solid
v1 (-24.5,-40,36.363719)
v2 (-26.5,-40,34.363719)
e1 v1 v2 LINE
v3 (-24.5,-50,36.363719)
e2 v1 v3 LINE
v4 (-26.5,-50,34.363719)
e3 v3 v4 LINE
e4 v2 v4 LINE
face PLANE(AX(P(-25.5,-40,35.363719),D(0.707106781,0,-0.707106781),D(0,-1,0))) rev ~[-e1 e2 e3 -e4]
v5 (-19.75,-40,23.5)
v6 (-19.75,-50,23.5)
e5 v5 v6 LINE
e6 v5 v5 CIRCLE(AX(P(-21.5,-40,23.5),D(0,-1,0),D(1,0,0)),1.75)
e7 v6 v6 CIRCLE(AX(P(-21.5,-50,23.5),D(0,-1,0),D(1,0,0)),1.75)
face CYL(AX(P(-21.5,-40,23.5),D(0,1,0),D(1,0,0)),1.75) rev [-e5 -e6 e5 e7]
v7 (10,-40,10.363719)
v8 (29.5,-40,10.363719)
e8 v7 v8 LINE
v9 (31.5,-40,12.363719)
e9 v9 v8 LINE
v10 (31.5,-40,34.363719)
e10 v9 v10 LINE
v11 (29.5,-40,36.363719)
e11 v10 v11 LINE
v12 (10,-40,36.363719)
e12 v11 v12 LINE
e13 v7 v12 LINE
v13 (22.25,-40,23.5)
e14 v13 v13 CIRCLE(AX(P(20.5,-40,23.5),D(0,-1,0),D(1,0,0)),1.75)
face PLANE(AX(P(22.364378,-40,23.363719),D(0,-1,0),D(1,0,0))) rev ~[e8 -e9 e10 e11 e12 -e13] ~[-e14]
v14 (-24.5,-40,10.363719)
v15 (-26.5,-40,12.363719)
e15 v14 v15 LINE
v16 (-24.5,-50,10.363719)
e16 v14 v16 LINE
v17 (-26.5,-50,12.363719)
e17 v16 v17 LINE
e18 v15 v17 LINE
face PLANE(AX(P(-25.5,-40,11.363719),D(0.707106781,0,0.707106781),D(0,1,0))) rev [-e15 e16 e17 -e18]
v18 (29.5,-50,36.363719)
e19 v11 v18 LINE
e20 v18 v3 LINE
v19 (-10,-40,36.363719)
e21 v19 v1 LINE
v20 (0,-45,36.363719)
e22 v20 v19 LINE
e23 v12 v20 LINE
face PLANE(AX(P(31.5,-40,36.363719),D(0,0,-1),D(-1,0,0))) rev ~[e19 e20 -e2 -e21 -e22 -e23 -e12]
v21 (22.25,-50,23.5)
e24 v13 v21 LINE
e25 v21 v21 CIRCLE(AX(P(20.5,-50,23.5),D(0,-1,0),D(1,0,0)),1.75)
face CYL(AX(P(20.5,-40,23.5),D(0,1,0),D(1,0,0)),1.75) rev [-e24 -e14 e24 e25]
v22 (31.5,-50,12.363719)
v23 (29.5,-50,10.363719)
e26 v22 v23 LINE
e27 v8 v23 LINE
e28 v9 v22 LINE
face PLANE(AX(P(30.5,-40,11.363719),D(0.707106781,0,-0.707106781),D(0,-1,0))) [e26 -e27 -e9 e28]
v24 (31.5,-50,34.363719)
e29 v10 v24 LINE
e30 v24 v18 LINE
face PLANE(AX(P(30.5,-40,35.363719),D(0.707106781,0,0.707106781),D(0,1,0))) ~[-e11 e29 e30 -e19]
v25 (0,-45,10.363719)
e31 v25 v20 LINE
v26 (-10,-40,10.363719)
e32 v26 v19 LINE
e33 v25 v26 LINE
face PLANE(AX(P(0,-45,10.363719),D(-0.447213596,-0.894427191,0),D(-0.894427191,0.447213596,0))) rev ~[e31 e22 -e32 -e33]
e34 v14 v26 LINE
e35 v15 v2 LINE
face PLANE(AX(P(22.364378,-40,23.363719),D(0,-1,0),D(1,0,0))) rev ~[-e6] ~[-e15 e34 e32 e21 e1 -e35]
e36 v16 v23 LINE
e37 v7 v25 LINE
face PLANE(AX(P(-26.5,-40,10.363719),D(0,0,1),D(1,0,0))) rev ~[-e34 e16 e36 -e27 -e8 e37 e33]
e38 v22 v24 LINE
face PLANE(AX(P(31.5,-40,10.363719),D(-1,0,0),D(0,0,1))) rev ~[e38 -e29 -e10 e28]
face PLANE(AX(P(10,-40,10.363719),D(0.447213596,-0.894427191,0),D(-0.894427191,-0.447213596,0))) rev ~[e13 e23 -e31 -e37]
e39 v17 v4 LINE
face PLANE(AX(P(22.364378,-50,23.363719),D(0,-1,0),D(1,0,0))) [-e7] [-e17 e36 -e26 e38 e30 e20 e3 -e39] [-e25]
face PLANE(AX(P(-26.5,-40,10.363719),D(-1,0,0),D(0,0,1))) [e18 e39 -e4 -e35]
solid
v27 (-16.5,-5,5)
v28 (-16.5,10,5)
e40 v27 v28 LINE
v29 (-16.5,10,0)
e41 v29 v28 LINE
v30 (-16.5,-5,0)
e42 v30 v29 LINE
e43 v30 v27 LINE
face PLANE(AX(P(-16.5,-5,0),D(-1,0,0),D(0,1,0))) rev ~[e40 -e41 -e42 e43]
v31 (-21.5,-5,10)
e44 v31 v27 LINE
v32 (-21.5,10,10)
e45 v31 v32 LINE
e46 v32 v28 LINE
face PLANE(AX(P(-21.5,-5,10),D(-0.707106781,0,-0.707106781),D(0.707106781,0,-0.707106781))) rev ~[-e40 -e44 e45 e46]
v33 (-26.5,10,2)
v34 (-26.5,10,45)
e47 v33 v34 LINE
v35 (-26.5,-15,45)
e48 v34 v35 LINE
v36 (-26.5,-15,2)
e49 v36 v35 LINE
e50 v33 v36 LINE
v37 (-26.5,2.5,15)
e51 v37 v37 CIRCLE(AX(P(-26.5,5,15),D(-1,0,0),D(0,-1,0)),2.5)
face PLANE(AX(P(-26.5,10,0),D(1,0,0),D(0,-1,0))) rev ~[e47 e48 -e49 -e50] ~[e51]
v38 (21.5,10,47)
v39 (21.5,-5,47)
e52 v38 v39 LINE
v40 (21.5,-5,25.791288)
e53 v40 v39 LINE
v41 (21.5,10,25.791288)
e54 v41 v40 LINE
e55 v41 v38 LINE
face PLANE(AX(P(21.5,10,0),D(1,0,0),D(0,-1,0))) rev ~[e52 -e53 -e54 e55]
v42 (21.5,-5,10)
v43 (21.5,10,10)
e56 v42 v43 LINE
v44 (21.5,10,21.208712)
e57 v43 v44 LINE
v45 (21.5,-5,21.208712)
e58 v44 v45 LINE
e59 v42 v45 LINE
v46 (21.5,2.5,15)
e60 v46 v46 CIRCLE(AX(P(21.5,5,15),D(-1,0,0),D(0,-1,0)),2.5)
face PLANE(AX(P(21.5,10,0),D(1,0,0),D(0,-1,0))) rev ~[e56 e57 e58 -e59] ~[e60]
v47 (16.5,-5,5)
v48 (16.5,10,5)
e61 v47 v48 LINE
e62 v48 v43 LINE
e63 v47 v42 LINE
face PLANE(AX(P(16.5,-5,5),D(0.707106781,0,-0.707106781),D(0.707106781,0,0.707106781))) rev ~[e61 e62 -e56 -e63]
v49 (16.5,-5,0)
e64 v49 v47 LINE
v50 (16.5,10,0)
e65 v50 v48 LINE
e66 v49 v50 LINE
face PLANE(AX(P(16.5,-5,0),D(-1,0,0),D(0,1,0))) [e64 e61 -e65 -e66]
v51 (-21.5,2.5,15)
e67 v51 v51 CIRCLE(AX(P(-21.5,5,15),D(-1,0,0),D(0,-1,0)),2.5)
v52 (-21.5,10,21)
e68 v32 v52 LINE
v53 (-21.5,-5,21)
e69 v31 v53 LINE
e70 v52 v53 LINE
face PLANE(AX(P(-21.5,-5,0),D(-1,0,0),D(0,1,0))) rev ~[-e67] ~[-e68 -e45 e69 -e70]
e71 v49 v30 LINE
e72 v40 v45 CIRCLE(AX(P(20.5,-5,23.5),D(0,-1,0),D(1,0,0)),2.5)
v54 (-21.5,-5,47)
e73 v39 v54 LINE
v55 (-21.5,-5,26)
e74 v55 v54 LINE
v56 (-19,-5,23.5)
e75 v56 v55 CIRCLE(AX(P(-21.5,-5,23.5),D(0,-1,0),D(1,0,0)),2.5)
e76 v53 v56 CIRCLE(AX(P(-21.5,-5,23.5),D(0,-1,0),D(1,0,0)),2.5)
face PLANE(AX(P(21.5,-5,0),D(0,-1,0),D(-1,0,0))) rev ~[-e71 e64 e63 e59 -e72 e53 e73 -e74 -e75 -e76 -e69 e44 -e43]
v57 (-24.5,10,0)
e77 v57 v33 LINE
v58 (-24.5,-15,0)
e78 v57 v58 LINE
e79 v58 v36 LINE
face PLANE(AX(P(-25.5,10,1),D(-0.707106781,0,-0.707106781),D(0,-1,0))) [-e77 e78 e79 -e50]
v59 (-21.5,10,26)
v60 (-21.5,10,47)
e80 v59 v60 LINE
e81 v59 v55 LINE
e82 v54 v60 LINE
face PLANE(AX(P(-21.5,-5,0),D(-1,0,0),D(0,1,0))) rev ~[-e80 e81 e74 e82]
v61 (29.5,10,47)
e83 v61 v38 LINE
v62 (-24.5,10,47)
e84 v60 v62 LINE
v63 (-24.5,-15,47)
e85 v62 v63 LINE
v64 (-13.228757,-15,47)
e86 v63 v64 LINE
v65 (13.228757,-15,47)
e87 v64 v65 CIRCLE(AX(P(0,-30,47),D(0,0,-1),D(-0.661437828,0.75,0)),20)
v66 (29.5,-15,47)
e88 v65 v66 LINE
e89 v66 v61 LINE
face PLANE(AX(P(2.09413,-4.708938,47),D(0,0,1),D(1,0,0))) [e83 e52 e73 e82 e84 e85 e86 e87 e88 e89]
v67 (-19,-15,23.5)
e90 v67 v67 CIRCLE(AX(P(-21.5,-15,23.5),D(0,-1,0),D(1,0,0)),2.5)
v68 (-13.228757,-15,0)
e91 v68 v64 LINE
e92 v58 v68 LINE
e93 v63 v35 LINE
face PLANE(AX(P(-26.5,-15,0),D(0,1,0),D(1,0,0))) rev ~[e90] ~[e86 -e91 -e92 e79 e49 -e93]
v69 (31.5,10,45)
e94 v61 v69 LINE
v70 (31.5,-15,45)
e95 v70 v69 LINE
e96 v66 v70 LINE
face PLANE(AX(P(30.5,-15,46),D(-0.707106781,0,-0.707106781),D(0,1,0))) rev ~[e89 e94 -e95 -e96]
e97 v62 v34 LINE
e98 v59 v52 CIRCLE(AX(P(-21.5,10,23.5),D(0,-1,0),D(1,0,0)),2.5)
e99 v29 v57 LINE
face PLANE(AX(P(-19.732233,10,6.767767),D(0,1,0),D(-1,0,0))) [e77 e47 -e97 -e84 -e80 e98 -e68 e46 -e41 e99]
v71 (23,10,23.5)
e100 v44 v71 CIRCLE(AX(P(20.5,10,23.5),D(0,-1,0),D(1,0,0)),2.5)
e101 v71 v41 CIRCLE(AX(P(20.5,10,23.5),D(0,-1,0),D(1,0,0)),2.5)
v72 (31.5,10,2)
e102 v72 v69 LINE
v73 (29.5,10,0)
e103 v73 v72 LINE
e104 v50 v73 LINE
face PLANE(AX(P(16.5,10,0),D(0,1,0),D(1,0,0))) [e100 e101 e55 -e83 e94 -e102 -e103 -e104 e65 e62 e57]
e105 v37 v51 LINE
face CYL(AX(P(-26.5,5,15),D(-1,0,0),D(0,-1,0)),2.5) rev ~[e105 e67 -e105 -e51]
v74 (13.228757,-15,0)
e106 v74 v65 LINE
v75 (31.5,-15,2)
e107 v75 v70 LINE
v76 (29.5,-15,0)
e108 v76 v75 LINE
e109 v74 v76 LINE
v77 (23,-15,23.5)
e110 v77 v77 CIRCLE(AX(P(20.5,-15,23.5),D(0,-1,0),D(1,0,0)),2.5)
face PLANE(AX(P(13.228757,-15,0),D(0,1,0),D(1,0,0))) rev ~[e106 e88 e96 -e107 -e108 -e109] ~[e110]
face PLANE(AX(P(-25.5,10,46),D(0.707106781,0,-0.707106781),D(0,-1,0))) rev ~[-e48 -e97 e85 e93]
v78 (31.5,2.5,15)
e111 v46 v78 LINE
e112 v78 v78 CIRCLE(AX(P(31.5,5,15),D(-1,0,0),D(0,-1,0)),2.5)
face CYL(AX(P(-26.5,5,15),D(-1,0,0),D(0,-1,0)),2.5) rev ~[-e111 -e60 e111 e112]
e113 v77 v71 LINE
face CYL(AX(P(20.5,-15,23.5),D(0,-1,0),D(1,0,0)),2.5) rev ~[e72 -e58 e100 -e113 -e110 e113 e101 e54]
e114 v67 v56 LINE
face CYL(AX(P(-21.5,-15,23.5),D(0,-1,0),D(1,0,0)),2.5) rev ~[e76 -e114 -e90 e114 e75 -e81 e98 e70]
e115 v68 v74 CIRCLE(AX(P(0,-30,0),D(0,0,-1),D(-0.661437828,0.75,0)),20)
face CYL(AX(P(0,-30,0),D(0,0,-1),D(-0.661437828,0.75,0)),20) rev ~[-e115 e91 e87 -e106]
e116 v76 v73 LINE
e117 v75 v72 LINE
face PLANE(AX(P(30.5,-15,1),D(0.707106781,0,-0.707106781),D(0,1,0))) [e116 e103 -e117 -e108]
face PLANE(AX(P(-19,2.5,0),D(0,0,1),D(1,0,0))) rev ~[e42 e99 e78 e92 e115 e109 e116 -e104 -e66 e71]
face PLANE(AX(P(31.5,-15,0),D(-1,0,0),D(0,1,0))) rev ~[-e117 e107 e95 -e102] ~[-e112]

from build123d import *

# Parameters (mm, degrees)
F1_DEPTH  = 47
F0_W      = 5
F0_H      = 15
F2_DEPTH  = 5
F3_R      = 2.5
F4_DEPTH  = 60
F5_R      = 2.5
F6_DEPTH  = 60
F8_DEPTH  = 15
F9_SIZE   = 2
F11_W     = 18.2712434447
F11_H     = 26
F11_R     = 2.5
F11_W_2   = 26.4575131106
F11_W_3   = 13.2712434447
F11_R_2   = 1.75
F12_DEPTH = 10
F13_SIZE  = 2
F15_DEPTH = 40


with BuildPart() as f1:
    # F0 (on Top) → F1 (new body)
    with BuildSketch(Plane.XY):
        with BuildLine():
            Line((-21.5, 10), (-26.5, 10))
            Line((-26.5, 10), (-26.5, -10))
            Line((-26.5, -10), (-26.5, -15))
            Line((-26.5, -15), (-13.2287565553, -15))
            ThreePointArc((-13.2287565553, -15), (0, -10), (13.2287565553, -15))
            Line((13.2287565553, -15), (31.5, -15))
            Line((31.5, -15), (31.5, -10))
            Line((31.5, -10), (31.5, 10))
            Line((31.5, 10), (21.5, 10))
            Line((21.5, 10), (21.5, -5))
            Line((21.5, -5), (16.5, -5))
            Line((16.5, -5), (-16.5, -5))
            Line((-16.5, -5), (-21.5, -5))
            Line((-21.5, -5), (-21.5, 10))
        make_face()
    extrude(amount=F1_DEPTH)

    # F0 (on Top) → F2 (join)
    with BuildSketch(Plane.XY):
        with Locations((-19, 2.5)):
            Rectangle(F0_W, F0_H)
        with Locations((19, 2.5)):
            Rectangle(F0_W, F0_H)
    extrude(amount=F2_DEPTH)

    # F3 (on face) → F4 (cut)
    with BuildSketch(Plane(origin=(-26.5, 0, 0), x_dir=(0, -1, 0), z_dir=(-1, 0, 0))):
        with Locations((-5, 15)):
            Circle(F3_R)
    extrude(amount=-F4_DEPTH, mode=Mode.SUBTRACT)

    # F5 (on face) → F6 (cut)
    with BuildSketch(Plane.XZ.offset(15)):
        with Locations((20.5, 23.5)):
            Circle(F5_R)
        with Locations((-21.5, 23.5)):
            Circle(F5_R)
    extrude(amount=-F6_DEPTH, mode=Mode.SUBTRACT)

    # F7 (on face) → F8 (join)
    with BuildSketch(Plane(origin=(0, -5, 0), x_dir=(-1, 0, 0), z_dir=(0, 1, 0))):
        Polygon((16.5, 5), (21.5, 5), (21.5, 10), align=None)
        Polygon((-21.5, 5), (-16.5, 5), (-21.5, 10), align=None)
    extrude(amount=F8_DEPTH)

    # F9
    f9_edges = [f1.edges().sort_by_distance(p)[0] for p in [
        (31.5, -2.5, 0),
        (-26.5, -2.5, 0),
        (-26.5, -2.5, 47),
        (31.5, -2.5, 47),
    ]]
    chamfer(f9_edges, length=F9_SIZE)


with BuildPart() as f12:
    # F11 (on offset) → F12 (new body)
    with BuildSketch(Plane.XZ.offset(40)):
        with Locations((22.3643782777, 23.3637194261)):
            Rectangle(F11_W, F11_H)
        with Locations((20.5, 23.5)):
            Circle(F11_R, mode=Mode.SUBTRACT)
        with Locations((0, 23.3637194261)):
            Rectangle(F11_W_2, F11_H)
        with Locations((-19.8643782777, 23.3637194261)):
            Rectangle(F11_W_3, F11_H)
        with Locations((-21.5, 23.5)):
            Circle(F11_R, mode=Mode.SUBTRACT)
        with Locations((20.5, 23.5)):
            Circle(F11_R)
        with Locations((20.5, 23.5)):
            Circle(F11_R_2, mode=Mode.SUBTRACT)
        with Locations((-21.5, 23.5)):
            Circle(F11_R)
        with Locations((-21.5, 23.5)):
            Circle(F11_R_2, mode=Mode.SUBTRACT)
    extrude(amount=F12_DEPTH)

    # F13
    f13_edges = [f12.edges().sort_by_distance(p)[0] for p in [
        (-26.5, -45, 10.363719),
        (-26.5, -45, 36.363719),
        (31.5, -45, 36.363719),
        (31.5, -45, 10.363719),
    ]]
    chamfer(f13_edges, length=F13_SIZE)

    # F14 (on face) → F15 (cut)
    with BuildSketch(Plane(origin=(0, 0, 10.3637194261), x_dir=(1, 0, 0), z_dir=(0, 0, -1))):
        Polygon((10, 40), (0, 45), (-10, 40), align=None)
    extrude(amount=-F15_DEPTH, mode=Mode.SUBTRACT)


solid = Compound([f1.part, f12.part])
